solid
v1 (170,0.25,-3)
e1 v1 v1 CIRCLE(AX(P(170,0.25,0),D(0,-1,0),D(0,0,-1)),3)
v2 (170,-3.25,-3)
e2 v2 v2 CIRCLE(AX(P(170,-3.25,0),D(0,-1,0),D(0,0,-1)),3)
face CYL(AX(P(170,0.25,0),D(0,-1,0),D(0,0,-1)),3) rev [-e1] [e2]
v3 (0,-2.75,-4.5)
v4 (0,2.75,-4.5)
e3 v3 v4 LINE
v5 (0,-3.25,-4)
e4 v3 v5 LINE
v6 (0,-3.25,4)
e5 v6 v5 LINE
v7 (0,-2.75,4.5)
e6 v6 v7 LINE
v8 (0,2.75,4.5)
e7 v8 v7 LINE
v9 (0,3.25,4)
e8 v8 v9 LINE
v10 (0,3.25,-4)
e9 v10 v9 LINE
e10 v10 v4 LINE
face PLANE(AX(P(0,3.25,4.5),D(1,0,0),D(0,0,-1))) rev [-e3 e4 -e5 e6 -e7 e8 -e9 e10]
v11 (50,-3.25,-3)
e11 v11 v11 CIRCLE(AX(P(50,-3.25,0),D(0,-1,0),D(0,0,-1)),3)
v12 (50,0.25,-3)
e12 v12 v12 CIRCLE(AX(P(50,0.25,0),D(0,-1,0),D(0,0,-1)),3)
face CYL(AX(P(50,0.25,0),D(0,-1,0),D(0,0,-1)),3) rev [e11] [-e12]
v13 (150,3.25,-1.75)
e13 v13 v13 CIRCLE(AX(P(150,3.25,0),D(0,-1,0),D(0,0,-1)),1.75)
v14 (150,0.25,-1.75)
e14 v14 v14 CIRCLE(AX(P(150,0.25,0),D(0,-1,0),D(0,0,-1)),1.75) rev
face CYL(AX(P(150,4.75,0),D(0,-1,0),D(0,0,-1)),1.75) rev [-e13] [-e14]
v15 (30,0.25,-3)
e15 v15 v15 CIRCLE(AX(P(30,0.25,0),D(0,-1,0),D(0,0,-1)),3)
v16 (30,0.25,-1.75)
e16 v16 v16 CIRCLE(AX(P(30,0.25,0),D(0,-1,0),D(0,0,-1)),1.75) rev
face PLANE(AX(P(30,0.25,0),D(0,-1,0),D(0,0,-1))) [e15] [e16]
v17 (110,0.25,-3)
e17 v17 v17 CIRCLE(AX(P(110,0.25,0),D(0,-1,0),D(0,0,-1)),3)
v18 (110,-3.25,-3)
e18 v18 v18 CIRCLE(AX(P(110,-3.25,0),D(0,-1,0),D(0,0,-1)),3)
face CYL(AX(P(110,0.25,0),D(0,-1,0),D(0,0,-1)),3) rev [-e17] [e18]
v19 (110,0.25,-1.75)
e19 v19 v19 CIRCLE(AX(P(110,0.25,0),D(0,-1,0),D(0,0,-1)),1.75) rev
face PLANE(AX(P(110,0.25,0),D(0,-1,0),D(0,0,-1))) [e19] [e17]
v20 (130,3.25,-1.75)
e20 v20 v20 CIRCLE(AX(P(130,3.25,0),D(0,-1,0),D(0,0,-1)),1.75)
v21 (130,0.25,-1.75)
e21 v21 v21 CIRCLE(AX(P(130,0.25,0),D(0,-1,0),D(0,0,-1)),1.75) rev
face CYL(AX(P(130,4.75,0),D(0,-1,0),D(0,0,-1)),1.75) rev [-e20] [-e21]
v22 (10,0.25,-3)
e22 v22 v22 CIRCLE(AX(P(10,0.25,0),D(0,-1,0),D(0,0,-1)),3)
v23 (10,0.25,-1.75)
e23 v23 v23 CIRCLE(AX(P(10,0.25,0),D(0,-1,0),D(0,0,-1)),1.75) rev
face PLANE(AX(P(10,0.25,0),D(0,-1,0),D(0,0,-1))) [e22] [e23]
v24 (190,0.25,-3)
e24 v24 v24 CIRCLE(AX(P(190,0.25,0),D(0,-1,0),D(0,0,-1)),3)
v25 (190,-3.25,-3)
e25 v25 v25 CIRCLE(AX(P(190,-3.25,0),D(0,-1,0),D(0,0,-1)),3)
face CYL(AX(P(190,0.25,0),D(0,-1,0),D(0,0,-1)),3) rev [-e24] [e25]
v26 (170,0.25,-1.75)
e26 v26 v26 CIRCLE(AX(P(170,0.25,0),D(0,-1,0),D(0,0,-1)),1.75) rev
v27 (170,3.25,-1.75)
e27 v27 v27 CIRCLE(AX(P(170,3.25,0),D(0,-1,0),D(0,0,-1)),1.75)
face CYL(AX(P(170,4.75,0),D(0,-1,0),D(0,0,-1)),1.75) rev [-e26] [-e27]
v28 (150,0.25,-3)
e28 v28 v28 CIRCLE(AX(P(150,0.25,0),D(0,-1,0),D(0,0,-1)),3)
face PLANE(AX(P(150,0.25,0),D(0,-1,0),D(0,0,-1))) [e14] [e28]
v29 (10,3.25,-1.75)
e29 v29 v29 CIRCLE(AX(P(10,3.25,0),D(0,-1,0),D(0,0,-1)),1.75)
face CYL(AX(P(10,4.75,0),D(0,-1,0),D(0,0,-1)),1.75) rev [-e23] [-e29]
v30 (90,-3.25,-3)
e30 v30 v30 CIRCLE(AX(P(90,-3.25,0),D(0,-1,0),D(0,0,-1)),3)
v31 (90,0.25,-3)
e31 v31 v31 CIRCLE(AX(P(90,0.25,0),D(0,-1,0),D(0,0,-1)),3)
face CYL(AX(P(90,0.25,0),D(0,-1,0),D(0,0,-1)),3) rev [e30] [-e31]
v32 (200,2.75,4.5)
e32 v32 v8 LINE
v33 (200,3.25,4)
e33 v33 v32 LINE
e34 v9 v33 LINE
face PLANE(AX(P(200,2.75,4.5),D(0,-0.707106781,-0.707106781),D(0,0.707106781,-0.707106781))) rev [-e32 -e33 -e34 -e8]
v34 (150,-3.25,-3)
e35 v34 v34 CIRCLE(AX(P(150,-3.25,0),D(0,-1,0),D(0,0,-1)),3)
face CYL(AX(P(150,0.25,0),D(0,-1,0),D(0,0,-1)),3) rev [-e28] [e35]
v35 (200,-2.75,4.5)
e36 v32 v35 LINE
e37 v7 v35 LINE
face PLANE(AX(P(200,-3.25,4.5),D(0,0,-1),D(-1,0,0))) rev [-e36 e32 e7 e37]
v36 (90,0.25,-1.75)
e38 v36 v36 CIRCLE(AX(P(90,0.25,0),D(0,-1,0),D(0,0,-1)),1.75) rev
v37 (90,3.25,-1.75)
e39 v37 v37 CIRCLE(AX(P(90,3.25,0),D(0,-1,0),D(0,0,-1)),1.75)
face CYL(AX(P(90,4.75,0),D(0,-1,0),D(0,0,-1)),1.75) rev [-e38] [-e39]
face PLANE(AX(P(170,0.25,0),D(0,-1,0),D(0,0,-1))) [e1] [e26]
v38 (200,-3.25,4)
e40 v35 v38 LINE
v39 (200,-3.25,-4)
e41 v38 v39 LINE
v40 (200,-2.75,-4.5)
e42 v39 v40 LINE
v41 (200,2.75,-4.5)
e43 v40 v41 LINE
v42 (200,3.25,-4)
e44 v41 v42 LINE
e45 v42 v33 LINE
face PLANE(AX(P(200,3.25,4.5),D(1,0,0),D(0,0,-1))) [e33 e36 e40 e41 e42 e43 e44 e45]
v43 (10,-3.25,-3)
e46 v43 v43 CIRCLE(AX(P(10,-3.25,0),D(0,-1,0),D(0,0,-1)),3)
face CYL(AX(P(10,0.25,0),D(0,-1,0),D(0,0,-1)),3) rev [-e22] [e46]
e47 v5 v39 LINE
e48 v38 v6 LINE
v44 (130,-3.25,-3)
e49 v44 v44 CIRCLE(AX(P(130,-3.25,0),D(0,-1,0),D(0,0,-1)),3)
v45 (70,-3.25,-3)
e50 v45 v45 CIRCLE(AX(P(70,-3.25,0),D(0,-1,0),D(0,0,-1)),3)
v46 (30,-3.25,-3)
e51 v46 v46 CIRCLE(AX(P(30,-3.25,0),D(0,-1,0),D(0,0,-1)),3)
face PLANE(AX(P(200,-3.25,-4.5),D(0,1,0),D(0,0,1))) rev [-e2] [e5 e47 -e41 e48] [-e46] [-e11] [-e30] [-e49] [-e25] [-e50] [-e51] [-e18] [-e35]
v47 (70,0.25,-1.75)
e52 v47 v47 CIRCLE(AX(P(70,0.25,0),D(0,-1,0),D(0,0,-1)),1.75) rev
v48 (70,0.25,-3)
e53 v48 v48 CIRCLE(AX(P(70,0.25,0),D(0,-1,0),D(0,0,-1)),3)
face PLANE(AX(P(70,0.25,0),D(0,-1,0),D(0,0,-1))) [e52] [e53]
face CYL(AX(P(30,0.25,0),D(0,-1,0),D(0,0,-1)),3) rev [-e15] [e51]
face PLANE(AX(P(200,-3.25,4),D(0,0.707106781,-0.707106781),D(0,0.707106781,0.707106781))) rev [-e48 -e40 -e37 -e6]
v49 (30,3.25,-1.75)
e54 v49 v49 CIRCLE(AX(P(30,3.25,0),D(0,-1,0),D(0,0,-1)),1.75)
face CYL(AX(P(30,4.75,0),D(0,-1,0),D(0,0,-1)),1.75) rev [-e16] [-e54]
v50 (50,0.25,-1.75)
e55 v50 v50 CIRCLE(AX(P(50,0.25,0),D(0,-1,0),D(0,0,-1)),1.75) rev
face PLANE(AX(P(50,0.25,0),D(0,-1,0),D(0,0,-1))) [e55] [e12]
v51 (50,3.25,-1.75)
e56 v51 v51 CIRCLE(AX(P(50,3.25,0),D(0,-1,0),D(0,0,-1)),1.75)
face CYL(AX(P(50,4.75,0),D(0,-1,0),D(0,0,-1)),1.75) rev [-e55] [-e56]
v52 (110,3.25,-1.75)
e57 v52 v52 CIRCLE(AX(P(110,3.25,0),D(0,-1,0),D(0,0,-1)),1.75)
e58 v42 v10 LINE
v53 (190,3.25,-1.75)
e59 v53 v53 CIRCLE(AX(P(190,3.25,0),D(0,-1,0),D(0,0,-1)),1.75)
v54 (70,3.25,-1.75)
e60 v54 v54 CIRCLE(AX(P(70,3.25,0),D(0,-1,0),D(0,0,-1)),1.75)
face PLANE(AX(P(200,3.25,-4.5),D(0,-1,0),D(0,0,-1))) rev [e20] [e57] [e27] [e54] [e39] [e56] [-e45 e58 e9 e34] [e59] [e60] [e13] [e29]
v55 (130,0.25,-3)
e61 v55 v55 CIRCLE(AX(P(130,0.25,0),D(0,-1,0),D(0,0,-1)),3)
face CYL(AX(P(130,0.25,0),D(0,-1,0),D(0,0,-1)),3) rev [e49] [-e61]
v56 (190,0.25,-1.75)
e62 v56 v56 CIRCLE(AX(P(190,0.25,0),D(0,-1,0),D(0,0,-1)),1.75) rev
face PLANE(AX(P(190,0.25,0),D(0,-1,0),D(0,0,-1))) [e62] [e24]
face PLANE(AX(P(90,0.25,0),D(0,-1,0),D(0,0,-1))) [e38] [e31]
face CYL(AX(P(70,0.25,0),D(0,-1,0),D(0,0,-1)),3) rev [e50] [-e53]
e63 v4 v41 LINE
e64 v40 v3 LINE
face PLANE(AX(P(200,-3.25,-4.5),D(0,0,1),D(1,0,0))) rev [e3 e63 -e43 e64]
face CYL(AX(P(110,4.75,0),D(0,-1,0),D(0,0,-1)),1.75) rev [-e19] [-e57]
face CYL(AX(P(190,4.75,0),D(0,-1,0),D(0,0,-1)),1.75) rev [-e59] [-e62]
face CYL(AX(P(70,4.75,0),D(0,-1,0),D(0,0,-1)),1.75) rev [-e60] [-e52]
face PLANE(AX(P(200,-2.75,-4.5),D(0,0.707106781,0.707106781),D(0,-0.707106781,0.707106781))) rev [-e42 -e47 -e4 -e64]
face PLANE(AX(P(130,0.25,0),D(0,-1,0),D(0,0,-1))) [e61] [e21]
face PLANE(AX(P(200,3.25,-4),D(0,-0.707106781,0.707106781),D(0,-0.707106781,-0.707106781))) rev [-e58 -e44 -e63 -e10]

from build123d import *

# Parameters (mm, degrees)
SKETCH_1_W          = 9
SKETCH_1_H          = 6.5
EXTRUDE_1_DEPTH     = 200
SKETCH_2_R          = 1.75
CUT_EXTRUDE_2_DEPTH = 8
SKETCH_3_R          = 3
CUT_EXTRUDE_3_DEPTH = 3.5
CHAMFER_1_SIZE      = 0.5


with BuildPart() as part:
    # 草图1 → 拉伸1 (new body)
    with BuildSketch(Plane(origin=(0, 0, 0), x_dir=(0, 0, -1), z_dir=(1, 0, 0))):
        Rectangle(SKETCH_1_W, SKETCH_1_H)
    extrude(amount=EXTRUDE_1_DEPTH)

    # 草图2 → 拉伸2 (cut)
    with BuildSketch(Plane.XZ.offset(3.25)):
        with Locations(Location((10, 0, 0), (0, 0, 270))):
            Circle(SKETCH_2_R)
        with Locations(Location((170, 0, 0), (0, 0, 270))):
            Circle(SKETCH_2_R)
        with Locations(Location((190, 0, 0), (0, 0, 270))):
            Circle(SKETCH_2_R)
        with Locations((210, 0)):
            Circle(SKETCH_2_R)
        with Locations((230, 0)):
            Circle(SKETCH_2_R)
        with Locations((250, 0)):
            Circle(SKETCH_2_R)
        with Locations((270, 0)):
            Circle(SKETCH_2_R)
        with Locations((290, 0)):
            Circle(SKETCH_2_R)
        with Locations(Location((30, 0, 0), (0, 0, 270))):
            Circle(SKETCH_2_R)
        with Locations(Location((50, 0, 0), (0, 0, 270))):
            Circle(SKETCH_2_R)
        with Locations(Location((70, 0, 0), (0, 0, 270))):
            Circle(SKETCH_2_R)
        with Locations(Location((90, 0, 0), (0, 0, 270))):
            Circle(SKETCH_2_R)
        with Locations(Location((110, 0, 0), (0, 0, 270))):
            Circle(SKETCH_2_R)
        with Locations(Location((130, 0, 0), (0, 0, 270))):
            Circle(SKETCH_2_R)
        with Locations(Location((150, 0, 0), (0, 0, 270))):
            Circle(SKETCH_2_R)
    extrude(amount=-CUT_EXTRUDE_2_DEPTH, mode=Mode.SUBTRACT)

    # 草图3 → 拉伸3 (cut)
    with BuildSketch(Plane.XZ.offset(3.25)):
        with Locations(Location((10, 0, 0), (0, 0, 270))):
            Circle(SKETCH_3_R)
        with Locations(Location((170, 0, 0), (0, 0, 270))):
            Circle(SKETCH_3_R)
        with Locations(Location((190, 0, 0), (0, 0, 270))):
            Circle(SKETCH_3_R)
        with Locations((210, 0)):
            Circle(SKETCH_3_R)
        with Locations((230, 0)):
            Circle(SKETCH_3_R)
        with Locations((250, 0)):
            Circle(SKETCH_3_R)
        with Locations((270, 0)):
            Circle(SKETCH_3_R)
        with Locations((290, 0)):
            Circle(SKETCH_3_R)
        with Locations(Location((30, 0, 0), (0, 0, 270))):
            Circle(SKETCH_3_R)
        with Locations(Location((50, 0, 0), (0, 0, 270))):
            Circle(SKETCH_3_R)
        with Locations(Location((70, 0, 0), (0, 0, 270))):
            Circle(SKETCH_3_R)
        with Locations(Location((90, 0, 0), (0, 0, 270))):
            Circle(SKETCH_3_R)
        with Locations(Location((110, 0, 0), (0, 0, 270))):
            Circle(SKETCH_3_R)
        with Locations(Location((130, 0, 0), (0, 0, 270))):
            Circle(SKETCH_3_R)
        with Locations(Location((150, 0, 0), (0, 0, 270))):
            Circle(SKETCH_3_R)
    extrude(amount=-CUT_EXTRUDE_3_DEPTH, mode=Mode.SUBTRACT)

    # 倒角1
    chamfer_1_edges = [part.edges().sort_by_distance(p)[0] for p in [
        (100, 3.25, 4.5),
        (100, 3.25, -4.5),
        (100, -3.25, -4.5),
        (100, -3.25, 4.5),
    ]]
    chamfer(chamfer_1_edges, length=CHAMFER_1_SIZE)


solid = part.part
